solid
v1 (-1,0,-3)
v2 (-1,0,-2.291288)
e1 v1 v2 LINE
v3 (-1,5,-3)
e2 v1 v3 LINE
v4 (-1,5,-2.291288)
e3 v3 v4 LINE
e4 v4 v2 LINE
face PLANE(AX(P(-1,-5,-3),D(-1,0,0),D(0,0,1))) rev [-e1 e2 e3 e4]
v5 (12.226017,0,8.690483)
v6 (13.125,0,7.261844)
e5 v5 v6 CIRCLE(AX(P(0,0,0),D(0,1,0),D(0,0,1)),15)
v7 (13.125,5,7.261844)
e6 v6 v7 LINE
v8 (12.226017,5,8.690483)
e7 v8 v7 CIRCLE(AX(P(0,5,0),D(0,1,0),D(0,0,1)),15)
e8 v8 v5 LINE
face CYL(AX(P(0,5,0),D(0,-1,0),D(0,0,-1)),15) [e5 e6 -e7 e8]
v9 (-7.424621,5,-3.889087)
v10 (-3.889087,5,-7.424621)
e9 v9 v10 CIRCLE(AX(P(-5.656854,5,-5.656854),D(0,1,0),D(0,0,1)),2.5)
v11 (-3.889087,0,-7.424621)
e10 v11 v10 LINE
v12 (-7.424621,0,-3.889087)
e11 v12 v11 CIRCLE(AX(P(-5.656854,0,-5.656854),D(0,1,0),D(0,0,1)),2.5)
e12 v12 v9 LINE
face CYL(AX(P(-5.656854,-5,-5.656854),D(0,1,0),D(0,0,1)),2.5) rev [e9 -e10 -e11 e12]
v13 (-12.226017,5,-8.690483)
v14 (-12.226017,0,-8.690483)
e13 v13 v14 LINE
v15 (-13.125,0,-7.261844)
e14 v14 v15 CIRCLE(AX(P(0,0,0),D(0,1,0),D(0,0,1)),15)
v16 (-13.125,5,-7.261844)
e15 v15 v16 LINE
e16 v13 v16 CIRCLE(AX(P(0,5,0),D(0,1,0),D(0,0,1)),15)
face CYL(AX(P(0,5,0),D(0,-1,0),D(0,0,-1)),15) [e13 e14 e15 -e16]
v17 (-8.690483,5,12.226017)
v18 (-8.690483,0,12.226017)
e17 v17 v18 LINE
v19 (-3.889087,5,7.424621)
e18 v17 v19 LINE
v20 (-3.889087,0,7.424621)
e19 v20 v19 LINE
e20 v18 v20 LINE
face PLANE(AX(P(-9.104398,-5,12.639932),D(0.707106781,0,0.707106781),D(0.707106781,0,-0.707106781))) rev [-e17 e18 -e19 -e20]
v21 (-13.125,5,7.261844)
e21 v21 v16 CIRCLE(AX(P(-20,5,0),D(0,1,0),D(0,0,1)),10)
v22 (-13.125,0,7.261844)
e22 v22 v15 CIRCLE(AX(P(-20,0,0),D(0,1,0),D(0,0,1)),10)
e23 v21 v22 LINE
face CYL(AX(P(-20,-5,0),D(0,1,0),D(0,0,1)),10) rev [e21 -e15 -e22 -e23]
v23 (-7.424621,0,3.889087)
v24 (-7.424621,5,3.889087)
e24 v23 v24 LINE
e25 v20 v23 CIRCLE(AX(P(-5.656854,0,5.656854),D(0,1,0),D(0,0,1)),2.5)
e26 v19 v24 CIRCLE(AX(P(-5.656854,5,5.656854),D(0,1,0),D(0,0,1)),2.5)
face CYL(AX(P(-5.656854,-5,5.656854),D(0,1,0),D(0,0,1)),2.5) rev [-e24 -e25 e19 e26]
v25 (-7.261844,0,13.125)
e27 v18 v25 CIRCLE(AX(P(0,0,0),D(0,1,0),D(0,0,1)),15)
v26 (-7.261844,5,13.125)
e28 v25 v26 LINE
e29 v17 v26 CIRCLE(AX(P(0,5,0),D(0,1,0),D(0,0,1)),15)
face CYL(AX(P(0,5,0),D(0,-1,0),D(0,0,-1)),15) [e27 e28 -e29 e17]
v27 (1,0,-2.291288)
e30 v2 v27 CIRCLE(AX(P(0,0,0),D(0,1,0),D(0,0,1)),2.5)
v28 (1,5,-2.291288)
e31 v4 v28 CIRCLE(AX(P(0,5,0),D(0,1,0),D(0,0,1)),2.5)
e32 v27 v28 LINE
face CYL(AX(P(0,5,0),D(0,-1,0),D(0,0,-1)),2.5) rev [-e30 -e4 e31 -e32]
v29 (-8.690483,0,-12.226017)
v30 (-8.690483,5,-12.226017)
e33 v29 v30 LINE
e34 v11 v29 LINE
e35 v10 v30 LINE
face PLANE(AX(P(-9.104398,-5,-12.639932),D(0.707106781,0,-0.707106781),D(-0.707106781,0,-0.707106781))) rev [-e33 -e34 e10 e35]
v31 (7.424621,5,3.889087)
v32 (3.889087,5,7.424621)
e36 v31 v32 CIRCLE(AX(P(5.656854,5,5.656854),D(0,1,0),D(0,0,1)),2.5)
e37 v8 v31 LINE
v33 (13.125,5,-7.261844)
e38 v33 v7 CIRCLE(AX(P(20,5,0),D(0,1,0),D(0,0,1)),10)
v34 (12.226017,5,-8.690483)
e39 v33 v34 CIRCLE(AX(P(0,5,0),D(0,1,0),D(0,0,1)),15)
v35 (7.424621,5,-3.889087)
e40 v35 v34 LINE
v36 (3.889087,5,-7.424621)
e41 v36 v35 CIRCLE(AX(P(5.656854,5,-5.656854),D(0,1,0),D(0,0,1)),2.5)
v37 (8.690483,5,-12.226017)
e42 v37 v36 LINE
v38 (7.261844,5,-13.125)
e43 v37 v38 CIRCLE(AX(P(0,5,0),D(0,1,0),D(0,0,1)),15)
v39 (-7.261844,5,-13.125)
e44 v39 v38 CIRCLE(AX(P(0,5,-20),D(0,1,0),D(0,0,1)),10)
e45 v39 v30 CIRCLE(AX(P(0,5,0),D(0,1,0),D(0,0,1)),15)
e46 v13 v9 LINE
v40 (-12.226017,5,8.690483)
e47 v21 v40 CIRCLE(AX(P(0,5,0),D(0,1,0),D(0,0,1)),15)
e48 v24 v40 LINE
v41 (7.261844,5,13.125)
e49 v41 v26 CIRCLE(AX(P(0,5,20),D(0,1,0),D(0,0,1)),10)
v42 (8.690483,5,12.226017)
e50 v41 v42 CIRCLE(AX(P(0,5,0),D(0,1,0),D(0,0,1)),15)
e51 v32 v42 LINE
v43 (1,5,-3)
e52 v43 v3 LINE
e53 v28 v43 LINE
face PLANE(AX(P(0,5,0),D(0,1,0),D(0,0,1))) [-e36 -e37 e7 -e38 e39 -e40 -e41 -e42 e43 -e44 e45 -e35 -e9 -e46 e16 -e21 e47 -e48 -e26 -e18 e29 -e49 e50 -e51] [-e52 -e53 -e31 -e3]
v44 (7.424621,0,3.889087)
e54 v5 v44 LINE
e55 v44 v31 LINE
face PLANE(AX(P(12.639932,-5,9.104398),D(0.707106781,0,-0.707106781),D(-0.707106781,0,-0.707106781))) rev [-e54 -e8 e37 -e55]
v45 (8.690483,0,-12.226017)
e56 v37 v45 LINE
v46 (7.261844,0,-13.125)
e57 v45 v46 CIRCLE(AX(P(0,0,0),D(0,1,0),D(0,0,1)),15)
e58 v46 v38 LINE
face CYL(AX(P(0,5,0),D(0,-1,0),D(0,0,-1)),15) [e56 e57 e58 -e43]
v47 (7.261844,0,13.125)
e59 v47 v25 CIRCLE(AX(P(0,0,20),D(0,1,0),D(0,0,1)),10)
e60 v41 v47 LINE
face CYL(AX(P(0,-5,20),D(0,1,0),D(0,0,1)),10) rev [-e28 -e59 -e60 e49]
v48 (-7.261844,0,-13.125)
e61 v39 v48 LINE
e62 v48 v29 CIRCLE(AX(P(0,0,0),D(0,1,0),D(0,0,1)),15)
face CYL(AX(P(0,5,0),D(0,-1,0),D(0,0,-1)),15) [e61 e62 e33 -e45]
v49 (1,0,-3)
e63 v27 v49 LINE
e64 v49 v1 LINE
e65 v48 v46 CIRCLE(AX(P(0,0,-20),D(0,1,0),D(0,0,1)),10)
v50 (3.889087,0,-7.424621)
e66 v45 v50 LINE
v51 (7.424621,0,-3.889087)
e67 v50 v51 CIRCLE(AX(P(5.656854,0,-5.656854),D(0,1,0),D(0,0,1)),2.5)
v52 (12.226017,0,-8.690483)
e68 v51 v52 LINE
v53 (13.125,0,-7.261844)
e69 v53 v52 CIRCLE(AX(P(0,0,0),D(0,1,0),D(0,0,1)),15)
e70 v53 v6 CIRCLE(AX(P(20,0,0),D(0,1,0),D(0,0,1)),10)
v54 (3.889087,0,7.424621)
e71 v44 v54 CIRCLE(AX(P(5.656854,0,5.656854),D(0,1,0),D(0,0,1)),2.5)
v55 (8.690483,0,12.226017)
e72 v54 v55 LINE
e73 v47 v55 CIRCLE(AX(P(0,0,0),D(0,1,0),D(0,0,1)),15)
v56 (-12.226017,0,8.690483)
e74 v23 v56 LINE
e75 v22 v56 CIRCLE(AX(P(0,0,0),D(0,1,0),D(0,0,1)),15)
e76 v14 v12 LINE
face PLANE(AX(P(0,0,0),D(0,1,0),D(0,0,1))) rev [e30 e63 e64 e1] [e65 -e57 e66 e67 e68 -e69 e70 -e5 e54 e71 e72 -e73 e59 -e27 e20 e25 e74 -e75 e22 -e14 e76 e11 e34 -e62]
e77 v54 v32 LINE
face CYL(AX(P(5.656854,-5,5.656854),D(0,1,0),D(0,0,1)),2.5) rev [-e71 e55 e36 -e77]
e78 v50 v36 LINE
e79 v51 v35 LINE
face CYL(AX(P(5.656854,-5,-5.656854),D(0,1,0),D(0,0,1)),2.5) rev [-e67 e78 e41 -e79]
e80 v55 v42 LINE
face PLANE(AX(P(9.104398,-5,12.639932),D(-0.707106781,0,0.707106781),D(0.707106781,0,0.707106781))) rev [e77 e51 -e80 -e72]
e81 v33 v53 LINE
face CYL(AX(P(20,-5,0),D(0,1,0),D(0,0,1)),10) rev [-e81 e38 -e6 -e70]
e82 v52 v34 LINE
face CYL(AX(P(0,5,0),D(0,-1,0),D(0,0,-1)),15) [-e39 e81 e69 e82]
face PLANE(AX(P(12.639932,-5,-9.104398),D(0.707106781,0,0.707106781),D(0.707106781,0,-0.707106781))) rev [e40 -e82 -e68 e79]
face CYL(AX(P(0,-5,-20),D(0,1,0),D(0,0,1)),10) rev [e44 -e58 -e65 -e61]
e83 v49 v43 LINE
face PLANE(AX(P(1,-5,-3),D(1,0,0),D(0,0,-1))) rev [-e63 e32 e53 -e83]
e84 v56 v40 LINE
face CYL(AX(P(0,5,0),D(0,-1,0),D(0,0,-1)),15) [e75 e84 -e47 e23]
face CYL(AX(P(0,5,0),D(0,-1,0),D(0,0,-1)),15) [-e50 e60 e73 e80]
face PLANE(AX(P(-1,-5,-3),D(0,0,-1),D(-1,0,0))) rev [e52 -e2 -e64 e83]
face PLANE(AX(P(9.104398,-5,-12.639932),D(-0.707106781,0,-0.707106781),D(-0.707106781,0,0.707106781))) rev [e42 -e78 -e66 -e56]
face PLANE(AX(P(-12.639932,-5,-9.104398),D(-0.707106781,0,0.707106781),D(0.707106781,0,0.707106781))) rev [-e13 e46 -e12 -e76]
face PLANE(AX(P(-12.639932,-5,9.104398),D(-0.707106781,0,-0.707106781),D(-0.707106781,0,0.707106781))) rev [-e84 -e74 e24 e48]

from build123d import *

# Parameters (mm, degrees)
SKETCH_1_R          = 15
SKETCH_1_R_2        = 2.5
EXTRUDE_1_DEPTH     = 5
SKETCH_2_W          = 2
SKETCH_2_H          = 1
CUT_EXTRUDE_1_DEPTH = 10
SKETCH_3_R          = 10
CUT_EXTRUDE_2_DEPTH = 10
CUT_EXTRUDE_3_DEPTH = 10


with BuildPart() as part:
    # 草图1 → 凸台-拉伸1 (new body)
    with BuildSketch(Plane(origin=(0, 0, 0), x_dir=(1, 0, 0), z_dir=(0, 1, 0))):
        with Locations(Location((0, 0, 0), (0, 0, 270))):
            Circle(SKETCH_1_R)
        with Locations(Location((0, 0, 0), (0, 0, 270))):
            Circle(SKETCH_1_R_2, mode=Mode.SUBTRACT)
    extrude(amount=EXTRUDE_1_DEPTH)

    # 草图2 → 切除-拉伸1 (cut)
    with BuildSketch(Plane(origin=(0, 5, 0), x_dir=(1, 0, 0), z_dir=(0, 1, 0))):
        with Locations((0, 2.5)):
            Rectangle(SKETCH_2_W, SKETCH_2_H)
    extrude(amount=-CUT_EXTRUDE_1_DEPTH, mode=Mode.SUBTRACT)

    # 草图3 → 切除-拉伸2 (cut)
    with BuildSketch(Plane(origin=(0, 5, 0), x_dir=(1, 0, 0), z_dir=(0, 1, 0))):
        with Locations((0, 20)):
            Circle(SKETCH_3_R)
        with Locations((20, 0)):
            Circle(SKETCH_3_R)
        with Locations((0, -20)):
            Circle(SKETCH_3_R)
        with Locations((-20, 0)):
            Circle(SKETCH_3_R)
    extrude(amount=-CUT_EXTRUDE_2_DEPTH, mode=Mode.SUBTRACT)

    # 草图4 → 切除-拉伸3 (cut)
    with BuildSketch(Plane(origin=(0, 5, 0), x_dir=(1, 0, 0), z_dir=(0, 1, 0))):
        with BuildLine():
            Line((-12.639931989, 9.104398083), (-7.424621202, 3.889087297))
            ThreePointArc((-7.424621202, 3.889087297), (-3.889087297, 3.889087297), (-3.889087297, 7.424621202))
            Line((-3.889087297, 7.424621202), (-9.104398083, 12.639931989))
            Line((-9.104398083, 12.639931989), (-12.639931989, 9.104398083))
        make_face()
        with BuildLine():
            Line((12.639931989, 9.104398083), (7.424621202, 3.889087297))
            ThreePointArc((7.424621202, 3.889087297), (3.889087297, 3.889087297), (3.889087297, 7.424621202))
            Line((3.889087297, 7.424621202), (9.104398083, 12.639931989))
            Line((9.104398083, 12.639931989), (12.639931989, 9.104398083))
        make_face()
        with BuildLine():
            Line((9.104398083, -12.639931989), (3.889087297, -7.424621202))
            ThreePointArc((3.889087297, -7.424621202), (3.889087297, -3.889087297), (7.424621202, -3.889087297))
            Line((7.424621202, -3.889087297), (12.639931989, -9.104398083))
            Line((12.639931989, -9.104398083), (9.104398083, -12.639931989))
        make_face()
        with BuildLine():
            Line((-12.639931989, -9.104398083), (-7.424621202, -3.889087297))
            ThreePointArc((-7.424621202, -3.889087297), (-3.889087297, -3.889087297), (-3.889087297, -7.424621202))
            Line((-3.889087297, -7.424621202), (-9.104398083, -12.639931989))
            Line((-9.104398083, -12.639931989), (-12.639931989, -9.104398083))
        make_face()
    extrude(amount=-CUT_EXTRUDE_3_DEPTH, mode=Mode.SUBTRACT)


solid = part.part
